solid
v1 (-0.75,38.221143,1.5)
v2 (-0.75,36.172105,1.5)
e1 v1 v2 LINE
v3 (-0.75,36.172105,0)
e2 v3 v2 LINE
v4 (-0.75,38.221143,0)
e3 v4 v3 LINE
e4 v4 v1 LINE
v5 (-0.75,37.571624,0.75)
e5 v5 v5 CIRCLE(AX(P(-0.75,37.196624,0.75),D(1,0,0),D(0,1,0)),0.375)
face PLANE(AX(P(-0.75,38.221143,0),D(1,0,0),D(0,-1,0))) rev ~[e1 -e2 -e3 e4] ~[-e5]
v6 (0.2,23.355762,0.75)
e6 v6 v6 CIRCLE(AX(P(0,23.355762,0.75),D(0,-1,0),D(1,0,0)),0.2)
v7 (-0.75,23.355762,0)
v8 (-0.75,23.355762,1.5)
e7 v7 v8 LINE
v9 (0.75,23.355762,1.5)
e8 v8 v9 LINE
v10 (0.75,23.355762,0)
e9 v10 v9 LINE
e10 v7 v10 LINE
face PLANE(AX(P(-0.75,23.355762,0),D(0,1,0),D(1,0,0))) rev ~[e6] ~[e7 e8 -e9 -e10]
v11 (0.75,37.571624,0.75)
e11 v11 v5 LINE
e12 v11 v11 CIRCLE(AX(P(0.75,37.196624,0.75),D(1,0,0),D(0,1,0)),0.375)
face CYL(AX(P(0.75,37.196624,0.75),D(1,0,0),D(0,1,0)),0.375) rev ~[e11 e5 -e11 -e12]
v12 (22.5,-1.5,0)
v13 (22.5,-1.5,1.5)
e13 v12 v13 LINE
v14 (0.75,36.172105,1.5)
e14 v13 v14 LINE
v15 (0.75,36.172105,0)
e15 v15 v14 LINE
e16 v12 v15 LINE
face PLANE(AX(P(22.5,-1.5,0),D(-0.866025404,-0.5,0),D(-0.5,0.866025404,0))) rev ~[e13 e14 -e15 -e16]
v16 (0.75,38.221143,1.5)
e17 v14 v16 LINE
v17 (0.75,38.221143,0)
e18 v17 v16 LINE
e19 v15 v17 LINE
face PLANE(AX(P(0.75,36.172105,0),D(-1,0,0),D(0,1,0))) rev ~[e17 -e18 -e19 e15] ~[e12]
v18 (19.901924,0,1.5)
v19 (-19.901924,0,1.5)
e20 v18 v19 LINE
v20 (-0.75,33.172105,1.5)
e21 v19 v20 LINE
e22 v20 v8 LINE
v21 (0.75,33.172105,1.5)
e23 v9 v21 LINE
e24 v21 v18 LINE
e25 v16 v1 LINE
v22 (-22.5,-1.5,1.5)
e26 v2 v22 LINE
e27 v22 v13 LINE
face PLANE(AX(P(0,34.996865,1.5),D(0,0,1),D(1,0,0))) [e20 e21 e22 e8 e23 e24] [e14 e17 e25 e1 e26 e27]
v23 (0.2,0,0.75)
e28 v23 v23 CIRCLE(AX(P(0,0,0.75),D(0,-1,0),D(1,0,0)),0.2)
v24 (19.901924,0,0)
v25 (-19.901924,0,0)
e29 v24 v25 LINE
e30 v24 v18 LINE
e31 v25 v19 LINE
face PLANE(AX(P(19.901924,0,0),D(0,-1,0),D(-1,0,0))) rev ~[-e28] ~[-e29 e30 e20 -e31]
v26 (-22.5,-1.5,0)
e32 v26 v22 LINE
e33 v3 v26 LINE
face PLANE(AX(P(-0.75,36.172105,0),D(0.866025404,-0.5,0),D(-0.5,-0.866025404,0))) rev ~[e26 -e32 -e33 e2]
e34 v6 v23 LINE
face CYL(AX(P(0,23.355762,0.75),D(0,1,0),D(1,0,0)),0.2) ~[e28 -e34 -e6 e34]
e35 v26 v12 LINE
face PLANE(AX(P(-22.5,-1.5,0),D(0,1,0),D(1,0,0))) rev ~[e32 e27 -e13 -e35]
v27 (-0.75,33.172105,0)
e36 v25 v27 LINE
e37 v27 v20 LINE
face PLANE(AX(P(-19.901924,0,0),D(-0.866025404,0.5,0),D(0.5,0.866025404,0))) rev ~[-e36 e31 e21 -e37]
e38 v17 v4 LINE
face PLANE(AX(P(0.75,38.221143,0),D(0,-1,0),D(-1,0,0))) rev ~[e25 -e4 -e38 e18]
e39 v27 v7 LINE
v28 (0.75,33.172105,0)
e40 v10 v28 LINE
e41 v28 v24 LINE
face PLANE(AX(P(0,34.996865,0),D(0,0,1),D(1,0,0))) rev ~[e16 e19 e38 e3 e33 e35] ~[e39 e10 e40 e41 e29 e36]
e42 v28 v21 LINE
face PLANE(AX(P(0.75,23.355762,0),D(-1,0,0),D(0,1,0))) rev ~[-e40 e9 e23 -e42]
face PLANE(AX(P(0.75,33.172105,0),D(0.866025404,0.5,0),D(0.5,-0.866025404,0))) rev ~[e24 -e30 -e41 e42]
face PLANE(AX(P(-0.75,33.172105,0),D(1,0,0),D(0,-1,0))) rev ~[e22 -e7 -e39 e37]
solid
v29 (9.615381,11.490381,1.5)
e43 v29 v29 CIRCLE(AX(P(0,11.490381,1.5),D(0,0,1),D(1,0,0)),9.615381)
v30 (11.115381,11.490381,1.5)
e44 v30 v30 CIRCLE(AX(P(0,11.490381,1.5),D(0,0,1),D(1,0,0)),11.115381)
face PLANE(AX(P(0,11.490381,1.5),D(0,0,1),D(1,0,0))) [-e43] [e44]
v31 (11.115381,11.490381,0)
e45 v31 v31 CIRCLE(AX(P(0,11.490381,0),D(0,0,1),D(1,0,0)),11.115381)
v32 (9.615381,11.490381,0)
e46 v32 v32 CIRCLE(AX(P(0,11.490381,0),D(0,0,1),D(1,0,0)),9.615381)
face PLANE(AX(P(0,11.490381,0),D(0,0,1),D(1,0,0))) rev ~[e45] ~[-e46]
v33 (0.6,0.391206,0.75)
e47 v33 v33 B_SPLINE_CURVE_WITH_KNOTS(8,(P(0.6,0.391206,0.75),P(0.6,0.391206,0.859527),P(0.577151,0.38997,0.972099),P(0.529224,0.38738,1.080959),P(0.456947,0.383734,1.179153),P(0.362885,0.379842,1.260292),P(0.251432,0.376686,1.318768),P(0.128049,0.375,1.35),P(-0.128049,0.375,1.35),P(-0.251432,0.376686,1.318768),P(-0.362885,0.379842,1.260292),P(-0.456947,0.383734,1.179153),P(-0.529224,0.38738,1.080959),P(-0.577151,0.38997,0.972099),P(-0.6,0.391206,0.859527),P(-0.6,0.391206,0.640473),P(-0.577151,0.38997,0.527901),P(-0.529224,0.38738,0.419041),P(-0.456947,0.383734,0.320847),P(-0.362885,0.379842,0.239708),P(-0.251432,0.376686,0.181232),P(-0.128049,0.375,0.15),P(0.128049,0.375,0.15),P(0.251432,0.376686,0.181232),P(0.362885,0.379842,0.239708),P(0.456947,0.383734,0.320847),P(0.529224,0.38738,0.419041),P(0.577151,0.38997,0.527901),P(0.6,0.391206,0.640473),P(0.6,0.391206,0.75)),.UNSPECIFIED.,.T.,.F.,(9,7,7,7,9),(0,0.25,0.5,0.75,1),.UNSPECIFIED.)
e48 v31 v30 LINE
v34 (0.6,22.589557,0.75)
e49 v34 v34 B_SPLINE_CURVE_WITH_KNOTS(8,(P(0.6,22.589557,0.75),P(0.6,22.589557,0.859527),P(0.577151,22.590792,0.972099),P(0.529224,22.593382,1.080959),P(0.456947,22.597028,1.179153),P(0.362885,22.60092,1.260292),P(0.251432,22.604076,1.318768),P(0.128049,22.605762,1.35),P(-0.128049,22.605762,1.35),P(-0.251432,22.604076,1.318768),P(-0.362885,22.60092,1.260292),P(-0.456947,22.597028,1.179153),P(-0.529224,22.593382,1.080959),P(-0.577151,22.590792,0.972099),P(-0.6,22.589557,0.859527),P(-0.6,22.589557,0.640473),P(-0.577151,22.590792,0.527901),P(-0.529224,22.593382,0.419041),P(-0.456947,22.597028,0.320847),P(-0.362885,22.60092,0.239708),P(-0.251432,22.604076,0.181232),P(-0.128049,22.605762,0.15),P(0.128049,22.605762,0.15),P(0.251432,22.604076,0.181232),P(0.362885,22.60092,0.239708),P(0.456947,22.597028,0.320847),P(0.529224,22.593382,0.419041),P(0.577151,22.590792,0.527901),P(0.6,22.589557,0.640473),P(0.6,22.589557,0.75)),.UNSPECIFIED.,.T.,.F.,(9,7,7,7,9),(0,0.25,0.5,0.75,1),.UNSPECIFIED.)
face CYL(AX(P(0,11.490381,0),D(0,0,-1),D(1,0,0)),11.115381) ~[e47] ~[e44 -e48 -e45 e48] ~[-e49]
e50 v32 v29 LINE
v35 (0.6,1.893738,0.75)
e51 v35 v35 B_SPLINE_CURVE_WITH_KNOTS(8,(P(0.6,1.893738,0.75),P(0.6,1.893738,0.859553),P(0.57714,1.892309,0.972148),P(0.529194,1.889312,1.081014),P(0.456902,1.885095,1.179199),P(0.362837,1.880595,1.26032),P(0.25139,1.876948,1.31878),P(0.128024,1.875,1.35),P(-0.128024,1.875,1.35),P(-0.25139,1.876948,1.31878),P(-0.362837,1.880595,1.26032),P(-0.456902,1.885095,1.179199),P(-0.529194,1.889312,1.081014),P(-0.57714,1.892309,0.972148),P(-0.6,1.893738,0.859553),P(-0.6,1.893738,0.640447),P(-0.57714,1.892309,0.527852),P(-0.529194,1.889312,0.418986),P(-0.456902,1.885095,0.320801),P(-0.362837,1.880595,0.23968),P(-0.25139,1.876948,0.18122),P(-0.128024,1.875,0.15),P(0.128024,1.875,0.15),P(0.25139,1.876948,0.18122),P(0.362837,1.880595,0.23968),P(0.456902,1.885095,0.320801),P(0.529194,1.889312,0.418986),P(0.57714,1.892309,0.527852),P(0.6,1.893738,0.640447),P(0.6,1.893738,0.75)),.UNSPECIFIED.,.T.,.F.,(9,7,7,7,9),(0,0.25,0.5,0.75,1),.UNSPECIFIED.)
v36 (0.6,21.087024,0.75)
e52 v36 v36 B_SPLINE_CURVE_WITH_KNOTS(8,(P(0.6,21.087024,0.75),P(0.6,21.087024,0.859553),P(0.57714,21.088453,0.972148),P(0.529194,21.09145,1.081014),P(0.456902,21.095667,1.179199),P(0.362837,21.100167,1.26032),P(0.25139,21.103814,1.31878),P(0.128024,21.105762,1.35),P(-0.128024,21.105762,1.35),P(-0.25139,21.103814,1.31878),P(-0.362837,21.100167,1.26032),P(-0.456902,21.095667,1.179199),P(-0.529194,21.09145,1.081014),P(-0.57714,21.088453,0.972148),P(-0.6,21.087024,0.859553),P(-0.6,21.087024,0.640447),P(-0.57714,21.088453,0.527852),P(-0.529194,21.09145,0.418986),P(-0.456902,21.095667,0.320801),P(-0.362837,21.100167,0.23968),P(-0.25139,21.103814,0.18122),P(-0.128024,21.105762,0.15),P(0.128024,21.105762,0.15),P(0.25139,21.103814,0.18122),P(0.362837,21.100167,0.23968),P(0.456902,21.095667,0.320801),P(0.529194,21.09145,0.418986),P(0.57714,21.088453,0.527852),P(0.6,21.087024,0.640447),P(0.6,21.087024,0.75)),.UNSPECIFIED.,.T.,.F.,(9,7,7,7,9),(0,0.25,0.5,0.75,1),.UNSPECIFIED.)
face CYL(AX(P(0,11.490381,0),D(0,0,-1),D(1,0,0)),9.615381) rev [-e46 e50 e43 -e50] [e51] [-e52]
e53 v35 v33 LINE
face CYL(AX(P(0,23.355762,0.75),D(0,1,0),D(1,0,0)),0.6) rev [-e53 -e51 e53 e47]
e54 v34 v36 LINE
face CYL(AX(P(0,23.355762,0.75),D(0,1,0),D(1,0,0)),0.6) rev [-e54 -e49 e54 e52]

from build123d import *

# Parameters (mm, degrees)
F2_DEPTH = 1.5
F1_R     = 11.1153810568
F1_R_2   = 9.6153810568
F3_R     = 0.6
F3_R_2   = 0.2
F4_DEPTH = 23.3557621135
F5_DEPTH = 23.3557621135
F6_R     = 0.375
F7_DEPTH = 1.5


with BuildPart() as f2:
    # F1 (on Top) → F2 (new body)
    with BuildSketch(Plane.XY):
        Polygon((-0.75, 33.1721050646), (0, 34.4711431703), (0.75, 33.1721050646), (0.75, 36.1721050646), (0, 37.4711431703), (-0.75, 36.1721050646), align=None)
        Polygon((-19.9019237886, 0), (-0.75, 33.1721050646), (-0.75, 36.1721050646), (-22.5, -1.5), (22.5, -1.5), (0.75, 36.1721050646), (0.75, 33.1721050646), (19.9019237886, 0), align=None)
        Polygon((-0.75, 38.2211431703), (-0.75, 36.1721050646), (0, 37.4711431703), (0.75, 36.1721050646), (0.75, 38.2211431703), align=None)
        Polygon((0.75, 33.1721050646), (0, 34.4711431703), (-0.75, 33.1721050646), (-0.75, 23.3557621135), (0.75, 23.3557621135), align=None)
    extrude(amount=F2_DEPTH)

    # F3 (on face) → F5 (join, through all)
    with BuildSketch(Plane.XZ.offset(-23.3557621135)):
        with Locations((0, 0.75)):
            Circle(F3_R_2)
    extrude(amount=F5_DEPTH)

    # F6 (on face) → F7 (cut, through all)
    with BuildSketch(Plane.YZ.offset(0.75)):
        with Locations((37.1966241175, 0.75)):
            Circle(F6_R)
    extrude(amount=-F7_DEPTH, mode=Mode.SUBTRACT)


with BuildPart() as f2b:
    # F1 (on Top) → F2, piece 2 (new body)
    with BuildSketch(Plane.XY):
        with Locations((0, 11.4903810568)):
            Circle(F1_R)
        with Locations((0, 11.4903810568)):
            Circle(F1_R_2, mode=Mode.SUBTRACT)
    extrude(amount=F2_DEPTH)

    # F3 (on face) → F4 (cut, through all)
    with BuildSketch(Plane.XZ.offset(-23.3557621135)):
        with Locations((0, 0.75)):
            Circle(F3_R)
        with Locations((0, 0.75)):
            Circle(F3_R_2, mode=Mode.SUBTRACT)
        with Locations((0, 0.75)):
            Circle(F3_R_2)
    extrude(amount=F4_DEPTH, mode=Mode.SUBTRACT)


solid = Compound([f2.part, f2b.part])
